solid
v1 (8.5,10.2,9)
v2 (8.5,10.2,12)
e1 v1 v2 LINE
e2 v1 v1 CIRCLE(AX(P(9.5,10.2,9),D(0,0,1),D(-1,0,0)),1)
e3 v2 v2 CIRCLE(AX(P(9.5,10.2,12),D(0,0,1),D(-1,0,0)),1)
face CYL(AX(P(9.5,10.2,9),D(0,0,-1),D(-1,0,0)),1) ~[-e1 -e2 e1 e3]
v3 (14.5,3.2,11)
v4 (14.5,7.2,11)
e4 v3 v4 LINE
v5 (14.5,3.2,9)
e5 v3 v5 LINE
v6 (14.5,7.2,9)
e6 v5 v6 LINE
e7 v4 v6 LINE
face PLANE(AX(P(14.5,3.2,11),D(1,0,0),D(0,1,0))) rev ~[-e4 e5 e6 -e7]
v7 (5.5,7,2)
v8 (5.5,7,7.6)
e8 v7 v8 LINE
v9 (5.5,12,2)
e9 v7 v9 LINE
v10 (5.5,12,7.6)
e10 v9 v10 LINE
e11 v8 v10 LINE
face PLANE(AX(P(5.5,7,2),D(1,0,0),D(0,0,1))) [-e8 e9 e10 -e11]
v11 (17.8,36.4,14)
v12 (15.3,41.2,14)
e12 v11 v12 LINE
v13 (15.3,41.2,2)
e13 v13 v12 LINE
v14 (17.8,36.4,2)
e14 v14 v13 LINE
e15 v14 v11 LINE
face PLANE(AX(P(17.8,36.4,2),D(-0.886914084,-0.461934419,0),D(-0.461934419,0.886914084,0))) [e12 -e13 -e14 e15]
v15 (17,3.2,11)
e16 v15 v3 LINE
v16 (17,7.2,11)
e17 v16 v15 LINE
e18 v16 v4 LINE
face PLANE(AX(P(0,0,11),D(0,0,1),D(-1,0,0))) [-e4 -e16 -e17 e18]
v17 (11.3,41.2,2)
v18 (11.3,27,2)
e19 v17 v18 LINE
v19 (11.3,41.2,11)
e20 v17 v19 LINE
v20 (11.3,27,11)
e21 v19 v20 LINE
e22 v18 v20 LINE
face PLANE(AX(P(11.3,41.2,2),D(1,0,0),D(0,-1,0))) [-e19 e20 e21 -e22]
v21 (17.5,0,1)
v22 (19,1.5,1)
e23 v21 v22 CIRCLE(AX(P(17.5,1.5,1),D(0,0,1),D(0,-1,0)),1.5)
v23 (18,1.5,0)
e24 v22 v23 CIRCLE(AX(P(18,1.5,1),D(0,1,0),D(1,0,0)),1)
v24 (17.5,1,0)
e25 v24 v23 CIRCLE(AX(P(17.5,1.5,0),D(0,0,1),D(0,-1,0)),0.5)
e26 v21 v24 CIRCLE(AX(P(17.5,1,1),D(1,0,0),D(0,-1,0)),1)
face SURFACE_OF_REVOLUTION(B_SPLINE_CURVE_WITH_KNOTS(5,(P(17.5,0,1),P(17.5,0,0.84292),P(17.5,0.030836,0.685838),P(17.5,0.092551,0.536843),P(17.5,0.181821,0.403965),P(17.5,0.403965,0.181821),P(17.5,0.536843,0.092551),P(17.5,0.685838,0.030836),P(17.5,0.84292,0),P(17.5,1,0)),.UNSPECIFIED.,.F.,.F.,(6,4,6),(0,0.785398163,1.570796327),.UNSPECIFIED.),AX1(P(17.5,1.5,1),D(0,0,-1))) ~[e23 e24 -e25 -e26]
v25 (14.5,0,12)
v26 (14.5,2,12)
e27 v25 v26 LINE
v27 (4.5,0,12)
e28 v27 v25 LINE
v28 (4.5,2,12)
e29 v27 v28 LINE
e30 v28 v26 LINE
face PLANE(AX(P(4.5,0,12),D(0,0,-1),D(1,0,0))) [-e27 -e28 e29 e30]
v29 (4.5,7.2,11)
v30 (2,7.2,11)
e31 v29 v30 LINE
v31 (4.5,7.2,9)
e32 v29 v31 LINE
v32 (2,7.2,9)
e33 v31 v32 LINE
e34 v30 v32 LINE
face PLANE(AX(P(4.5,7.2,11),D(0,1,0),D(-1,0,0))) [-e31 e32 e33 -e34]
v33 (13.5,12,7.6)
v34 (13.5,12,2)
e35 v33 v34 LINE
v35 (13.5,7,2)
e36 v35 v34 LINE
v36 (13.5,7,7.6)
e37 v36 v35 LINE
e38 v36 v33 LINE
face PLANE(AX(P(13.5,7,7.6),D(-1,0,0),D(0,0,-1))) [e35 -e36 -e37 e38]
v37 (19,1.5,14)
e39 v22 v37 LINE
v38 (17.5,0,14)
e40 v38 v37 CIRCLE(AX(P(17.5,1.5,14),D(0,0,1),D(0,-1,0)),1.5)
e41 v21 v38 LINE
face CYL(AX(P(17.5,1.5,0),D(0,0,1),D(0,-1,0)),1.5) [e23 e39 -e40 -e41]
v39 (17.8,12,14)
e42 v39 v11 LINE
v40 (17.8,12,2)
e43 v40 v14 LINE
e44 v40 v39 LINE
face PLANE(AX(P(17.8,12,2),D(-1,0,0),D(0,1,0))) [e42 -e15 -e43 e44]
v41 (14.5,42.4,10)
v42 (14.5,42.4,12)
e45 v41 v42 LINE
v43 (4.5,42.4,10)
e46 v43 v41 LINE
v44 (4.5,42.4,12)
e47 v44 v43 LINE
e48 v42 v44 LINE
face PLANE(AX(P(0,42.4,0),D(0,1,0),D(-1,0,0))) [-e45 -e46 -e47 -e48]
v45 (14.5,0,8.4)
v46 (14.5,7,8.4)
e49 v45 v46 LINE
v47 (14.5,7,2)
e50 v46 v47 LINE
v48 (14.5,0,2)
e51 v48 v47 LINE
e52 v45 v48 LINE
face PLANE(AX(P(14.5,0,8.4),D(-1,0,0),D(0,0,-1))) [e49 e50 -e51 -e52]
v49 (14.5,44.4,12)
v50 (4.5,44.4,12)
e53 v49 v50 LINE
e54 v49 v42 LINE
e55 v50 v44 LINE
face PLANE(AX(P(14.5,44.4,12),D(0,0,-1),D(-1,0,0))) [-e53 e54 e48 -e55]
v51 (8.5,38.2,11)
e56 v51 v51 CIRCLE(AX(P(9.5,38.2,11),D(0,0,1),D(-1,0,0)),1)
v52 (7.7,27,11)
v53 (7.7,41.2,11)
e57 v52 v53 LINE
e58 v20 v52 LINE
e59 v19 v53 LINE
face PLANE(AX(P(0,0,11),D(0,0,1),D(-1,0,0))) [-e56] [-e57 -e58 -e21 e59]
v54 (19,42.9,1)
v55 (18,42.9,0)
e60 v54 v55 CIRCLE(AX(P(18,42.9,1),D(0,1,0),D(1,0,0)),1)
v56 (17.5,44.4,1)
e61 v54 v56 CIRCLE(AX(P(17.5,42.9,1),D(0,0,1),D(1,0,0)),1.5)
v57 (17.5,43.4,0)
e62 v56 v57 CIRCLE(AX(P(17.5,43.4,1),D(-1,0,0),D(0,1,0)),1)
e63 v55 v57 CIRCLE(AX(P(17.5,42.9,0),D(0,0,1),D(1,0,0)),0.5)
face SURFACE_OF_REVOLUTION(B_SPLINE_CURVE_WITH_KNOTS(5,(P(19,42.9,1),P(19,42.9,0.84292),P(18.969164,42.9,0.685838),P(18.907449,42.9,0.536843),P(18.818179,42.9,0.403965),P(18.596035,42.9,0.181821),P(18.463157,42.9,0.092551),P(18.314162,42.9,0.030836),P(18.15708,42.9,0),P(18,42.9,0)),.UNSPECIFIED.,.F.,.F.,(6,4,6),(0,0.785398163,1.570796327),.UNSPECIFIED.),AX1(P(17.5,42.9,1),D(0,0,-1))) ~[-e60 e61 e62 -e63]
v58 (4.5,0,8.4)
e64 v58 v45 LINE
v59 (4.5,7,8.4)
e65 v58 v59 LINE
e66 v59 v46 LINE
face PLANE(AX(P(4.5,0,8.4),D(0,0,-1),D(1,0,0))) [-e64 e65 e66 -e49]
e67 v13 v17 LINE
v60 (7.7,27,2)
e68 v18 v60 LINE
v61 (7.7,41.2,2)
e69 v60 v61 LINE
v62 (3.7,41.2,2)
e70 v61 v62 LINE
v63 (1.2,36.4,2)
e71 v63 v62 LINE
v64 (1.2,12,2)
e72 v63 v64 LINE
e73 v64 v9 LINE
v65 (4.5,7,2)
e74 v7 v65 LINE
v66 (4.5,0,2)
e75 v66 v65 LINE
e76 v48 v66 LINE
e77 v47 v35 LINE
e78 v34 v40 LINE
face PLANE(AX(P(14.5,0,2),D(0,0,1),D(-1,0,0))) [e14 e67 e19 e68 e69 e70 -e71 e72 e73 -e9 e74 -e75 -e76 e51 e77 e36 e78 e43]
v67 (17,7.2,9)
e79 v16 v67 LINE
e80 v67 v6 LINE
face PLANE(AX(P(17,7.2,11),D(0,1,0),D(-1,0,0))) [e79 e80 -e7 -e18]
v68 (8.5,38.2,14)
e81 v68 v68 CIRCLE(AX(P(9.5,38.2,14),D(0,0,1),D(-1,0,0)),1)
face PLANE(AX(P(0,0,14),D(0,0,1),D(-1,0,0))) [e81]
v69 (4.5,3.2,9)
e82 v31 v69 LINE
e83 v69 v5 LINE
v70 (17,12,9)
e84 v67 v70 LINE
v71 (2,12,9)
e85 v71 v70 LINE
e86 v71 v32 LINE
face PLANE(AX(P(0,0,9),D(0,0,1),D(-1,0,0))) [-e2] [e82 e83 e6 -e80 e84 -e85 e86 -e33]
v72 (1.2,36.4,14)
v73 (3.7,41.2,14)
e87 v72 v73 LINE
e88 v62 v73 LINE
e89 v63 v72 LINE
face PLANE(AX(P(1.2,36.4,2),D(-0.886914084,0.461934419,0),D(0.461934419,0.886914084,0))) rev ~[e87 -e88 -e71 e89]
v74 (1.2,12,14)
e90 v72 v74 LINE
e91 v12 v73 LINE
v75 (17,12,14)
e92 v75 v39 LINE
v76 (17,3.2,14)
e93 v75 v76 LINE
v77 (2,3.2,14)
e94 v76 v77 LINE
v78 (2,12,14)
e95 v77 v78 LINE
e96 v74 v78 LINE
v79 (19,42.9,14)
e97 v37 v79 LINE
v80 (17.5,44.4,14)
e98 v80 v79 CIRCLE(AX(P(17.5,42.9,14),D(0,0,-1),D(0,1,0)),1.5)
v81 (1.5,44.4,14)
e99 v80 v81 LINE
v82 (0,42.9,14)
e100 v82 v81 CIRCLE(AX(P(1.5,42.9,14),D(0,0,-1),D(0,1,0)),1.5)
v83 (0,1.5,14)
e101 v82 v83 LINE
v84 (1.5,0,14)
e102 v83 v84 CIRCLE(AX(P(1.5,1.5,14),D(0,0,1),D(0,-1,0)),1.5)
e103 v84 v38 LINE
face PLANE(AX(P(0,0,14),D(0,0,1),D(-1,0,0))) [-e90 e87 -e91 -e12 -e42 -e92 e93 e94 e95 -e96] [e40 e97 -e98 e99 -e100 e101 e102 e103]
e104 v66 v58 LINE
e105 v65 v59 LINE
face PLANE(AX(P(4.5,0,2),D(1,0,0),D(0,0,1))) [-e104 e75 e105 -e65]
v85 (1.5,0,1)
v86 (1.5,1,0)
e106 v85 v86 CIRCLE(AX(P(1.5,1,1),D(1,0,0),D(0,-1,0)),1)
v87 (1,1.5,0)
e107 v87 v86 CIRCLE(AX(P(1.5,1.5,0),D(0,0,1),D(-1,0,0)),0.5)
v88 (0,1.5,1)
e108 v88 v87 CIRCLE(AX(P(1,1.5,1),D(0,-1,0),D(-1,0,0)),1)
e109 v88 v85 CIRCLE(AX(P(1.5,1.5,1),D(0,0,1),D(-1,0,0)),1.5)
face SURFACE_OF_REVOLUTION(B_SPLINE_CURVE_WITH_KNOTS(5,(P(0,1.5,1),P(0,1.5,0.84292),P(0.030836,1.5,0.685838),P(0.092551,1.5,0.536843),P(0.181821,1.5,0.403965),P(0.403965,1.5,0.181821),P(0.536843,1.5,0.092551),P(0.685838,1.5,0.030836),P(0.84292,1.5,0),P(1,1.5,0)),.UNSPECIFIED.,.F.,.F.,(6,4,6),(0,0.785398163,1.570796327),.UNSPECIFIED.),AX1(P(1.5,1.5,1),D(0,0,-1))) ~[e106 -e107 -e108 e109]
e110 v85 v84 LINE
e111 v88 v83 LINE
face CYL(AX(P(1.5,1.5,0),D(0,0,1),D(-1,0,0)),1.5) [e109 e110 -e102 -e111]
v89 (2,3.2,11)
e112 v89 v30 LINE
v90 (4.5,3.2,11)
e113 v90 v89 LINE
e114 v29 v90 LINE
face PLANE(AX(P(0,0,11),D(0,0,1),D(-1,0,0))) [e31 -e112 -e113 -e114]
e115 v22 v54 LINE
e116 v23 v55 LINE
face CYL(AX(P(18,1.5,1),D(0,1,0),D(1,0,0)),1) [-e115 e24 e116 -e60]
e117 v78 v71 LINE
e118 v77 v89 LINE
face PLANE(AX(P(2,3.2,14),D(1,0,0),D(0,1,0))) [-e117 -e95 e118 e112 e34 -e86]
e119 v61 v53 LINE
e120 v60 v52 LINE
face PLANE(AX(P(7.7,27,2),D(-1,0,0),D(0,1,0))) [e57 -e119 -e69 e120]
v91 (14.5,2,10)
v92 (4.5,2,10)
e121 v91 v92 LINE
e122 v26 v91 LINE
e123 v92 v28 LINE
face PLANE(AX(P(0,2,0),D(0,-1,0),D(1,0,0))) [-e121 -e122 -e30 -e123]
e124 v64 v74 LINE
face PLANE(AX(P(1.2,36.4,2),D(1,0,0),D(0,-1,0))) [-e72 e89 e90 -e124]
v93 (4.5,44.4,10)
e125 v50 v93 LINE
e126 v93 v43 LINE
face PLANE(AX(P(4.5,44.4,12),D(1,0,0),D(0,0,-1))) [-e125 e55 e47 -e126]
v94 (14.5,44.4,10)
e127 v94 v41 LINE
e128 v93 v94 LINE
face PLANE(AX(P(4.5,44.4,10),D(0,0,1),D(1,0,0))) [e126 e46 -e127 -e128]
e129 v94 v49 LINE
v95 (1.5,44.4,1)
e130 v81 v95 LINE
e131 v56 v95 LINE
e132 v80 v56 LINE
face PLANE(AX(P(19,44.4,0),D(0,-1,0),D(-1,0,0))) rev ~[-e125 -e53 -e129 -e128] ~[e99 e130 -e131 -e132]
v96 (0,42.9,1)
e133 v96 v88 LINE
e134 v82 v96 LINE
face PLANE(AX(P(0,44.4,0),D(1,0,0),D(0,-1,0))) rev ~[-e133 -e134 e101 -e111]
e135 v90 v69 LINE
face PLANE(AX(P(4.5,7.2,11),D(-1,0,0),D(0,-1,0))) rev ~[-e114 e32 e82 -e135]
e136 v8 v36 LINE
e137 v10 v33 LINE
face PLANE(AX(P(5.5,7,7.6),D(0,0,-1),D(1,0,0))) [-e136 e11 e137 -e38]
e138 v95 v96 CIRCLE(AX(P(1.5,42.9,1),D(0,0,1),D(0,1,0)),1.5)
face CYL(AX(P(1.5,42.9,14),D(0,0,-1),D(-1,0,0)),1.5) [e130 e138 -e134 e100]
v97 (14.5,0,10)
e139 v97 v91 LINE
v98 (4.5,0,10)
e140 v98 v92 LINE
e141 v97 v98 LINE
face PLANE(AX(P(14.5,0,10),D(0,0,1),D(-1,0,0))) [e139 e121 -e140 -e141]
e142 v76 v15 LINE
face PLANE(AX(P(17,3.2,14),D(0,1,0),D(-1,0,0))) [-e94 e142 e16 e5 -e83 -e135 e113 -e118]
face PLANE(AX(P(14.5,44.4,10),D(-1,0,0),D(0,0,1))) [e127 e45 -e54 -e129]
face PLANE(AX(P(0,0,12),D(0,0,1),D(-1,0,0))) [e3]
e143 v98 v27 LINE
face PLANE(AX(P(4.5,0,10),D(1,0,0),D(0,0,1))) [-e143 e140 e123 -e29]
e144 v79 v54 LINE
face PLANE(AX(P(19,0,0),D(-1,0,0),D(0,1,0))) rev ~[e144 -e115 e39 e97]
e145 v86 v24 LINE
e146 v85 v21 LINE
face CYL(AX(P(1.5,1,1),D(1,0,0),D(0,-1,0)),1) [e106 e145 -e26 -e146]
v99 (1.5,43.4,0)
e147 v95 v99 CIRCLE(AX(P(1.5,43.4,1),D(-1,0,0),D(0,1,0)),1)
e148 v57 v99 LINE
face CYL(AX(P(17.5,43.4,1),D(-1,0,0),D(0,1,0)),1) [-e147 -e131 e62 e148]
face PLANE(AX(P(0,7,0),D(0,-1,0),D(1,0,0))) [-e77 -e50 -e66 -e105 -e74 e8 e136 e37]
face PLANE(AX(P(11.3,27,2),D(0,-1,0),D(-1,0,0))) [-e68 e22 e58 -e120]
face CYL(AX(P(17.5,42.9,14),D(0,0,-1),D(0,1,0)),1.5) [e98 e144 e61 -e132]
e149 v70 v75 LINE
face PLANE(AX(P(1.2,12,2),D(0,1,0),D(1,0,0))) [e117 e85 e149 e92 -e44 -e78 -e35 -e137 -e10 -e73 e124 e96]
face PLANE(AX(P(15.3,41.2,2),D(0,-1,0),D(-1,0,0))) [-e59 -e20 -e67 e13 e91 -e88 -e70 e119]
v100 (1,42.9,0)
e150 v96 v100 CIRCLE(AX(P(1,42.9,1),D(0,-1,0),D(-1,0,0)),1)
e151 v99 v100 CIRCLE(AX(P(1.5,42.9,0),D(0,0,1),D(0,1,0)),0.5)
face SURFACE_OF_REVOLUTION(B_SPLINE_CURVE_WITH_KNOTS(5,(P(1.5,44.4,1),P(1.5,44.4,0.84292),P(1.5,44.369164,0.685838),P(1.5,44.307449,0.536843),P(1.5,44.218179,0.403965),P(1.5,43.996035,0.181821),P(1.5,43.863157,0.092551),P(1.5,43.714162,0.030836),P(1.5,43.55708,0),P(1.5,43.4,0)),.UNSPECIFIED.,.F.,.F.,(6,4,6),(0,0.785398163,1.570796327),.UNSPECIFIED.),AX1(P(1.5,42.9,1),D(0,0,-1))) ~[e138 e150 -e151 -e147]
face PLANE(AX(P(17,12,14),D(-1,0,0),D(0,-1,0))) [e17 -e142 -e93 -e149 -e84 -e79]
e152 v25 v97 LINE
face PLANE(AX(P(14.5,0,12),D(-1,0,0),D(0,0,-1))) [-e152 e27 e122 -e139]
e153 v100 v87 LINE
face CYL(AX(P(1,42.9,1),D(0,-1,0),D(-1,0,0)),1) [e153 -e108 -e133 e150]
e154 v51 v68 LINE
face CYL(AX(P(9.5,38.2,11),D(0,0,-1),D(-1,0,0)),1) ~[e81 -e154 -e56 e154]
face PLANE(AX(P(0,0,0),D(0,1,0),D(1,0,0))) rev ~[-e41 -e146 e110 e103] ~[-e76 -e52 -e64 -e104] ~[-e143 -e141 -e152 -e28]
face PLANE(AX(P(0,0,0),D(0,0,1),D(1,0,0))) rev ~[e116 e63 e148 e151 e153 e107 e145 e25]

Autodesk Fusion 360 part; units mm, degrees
sketch "base" plane through (0, 0, 0) normal (0, 0, 1) x (1, 0, 0)
  line L0 (0, 0) -> (19, 0)
  line L1 (19, 0) -> (19, 44.4)
  line L2 (19, 44.4) -> (0, 44.4)
  line L3 (0, 44.4) -> (0, 0)
  dimension "d1" = 19
  dimension "d2" = 44.4
extrude "Extrude1" add sketch "base" along normal blind 2
sketch "walls" plane through (0, 0, 2) normal (0, 0, 1) x (-1, 0, 0)
  line L0 (0, -44.4) -> (0, 0)
  line L1 (0, 0) -> (-19, 0)
  line L2 (-19, 0) -> (-19, -44.4)
  line L3 (-19, -44.4) -> (0, -44.4)
  line L4 (0, 0) -> (-19, 0)
  line L5 (-19, 0) -> (-19, -44.4)
  line L6 (-19, -44.4) -> (0, -44.4)
  line L7 (0, -44.4) -> (0, 0)
  line L8 (-1.2, -12) -> (-17.8, -12)
  line L9 (-17.8, -12) -> (-17.8, -36.4)
  line L10 (-15.3, -41.2) -> (-3.7, -41.2)
  line L11 (-1.2, -36.4) -> (-1.2, -12)
  line L12 (-1.2, -36.4) -> (-3.7, -41.2)
  line L13 (-17.8, -36.4) -> (-15.3, -41.2)
  dimension "d5" = 19
  dimension "d6" = 44.4
  dimension "d7" = 16.6
  dimension "d9" = 12
  dimension "d10" = 1.2
  dimension "d59" = 4.8
  dimension "d61" = 4.8
  dimension "d62" = 2.5
  dimension "d63" = 11.6
  dimension "d64" = 3.2
  dimension "d71" = 2.5
extrude "Extrude2" add sketch "walls" along normal blind 12
sketch "hole for connector" plane through (0, 0, 0) normal (0, -1, 0) x (1, 0, 0)
  line L0 (0, 0) -> (19, 0)
  line L1 (19, 0) -> (19, 14)
  line L2 (19, 14) -> (0, 14)
  line L3 (0, 14) -> (0, 0)
  line L4 (0, 14) -> (19, 14) construction
  line L5 (19, 14) -> (19, 2) construction
  line L6 (19, 2) -> (0, 2) construction
  line L7 (0, 2) -> (0, 14) construction
  line L8 (9.5, 14) -> (9.5, 0) construction
  line L9 (4.5, 8.4) -> (14.5, 8.4)
  line L10 (14.5, 8.4) -> (14.5, 2)
  line L11 (14.5, 2) -> (4.5, 2)
  line L12 (4.5, 2) -> (4.5, 8.4)
  dimension "d13" = 10
  dimension "d14" = 6.4
  dimension "d15" = 2
  dimension "d16" = 4.5
extrude "Extrude3" cut sketch "hole for connector" against normal blind 7 contours L9 L10 L11 L12
sketch "stand for rare of pcb" plane through (0, 0, 2) normal (0, 0, 1) x (-1, 0, 0)
  line L0 (-1.2, -12) -> (-17.8, -12)
  line L1 (-17.8, -12) -> (-17.8, -36.4)
  line L2 (-15.3, -41.2) -> (-3.7, -41.2)
  line L3 (-1.2, -36.4) -> (-1.2, -12)
  line L4 (-7.7, -41.2) -> (-11.3, -41.2)
  line L5 (-11.3, -41.2) -> (-11.3, -27)
  line L6 (-11.3, -27) -> (-7.7, -27)
  line L7 (-7.7, -27) -> (-7.7, -41.2)
  line L8 (-17.8, -12) -> (-1.2, -12)
  line L9 (-17.8, -36.4) -> (-15.3, -41.2)
  line L10 (-3.7, -41.2) -> (-1.2, -36.4)
  dimension "d27" = 3.6
  dimension "d28" = 15
  dimension "d29" = 6.5
extrude "Extrude5" add sketch "stand for rare of pcb" along normal blind 9 contours L2 L4 L5 L6 L7
sketch "hole for connector pins" plane through (0, 7, 0) normal (0, -1, 0) x (1, 0, 0)
  line L0 (4.5, 2) -> (14.5, 2)
  line L1 (14.5, 2) -> (14.5, 8.4)
  line L2 (14.5, 8.4) -> (4.5, 8.4)
  line L3 (4.5, 8.4) -> (4.5, 2)
  line L4 (5.5, 7.6) -> (13.5, 7.6)
  line L5 (13.5, 7.6) -> (13.5, 2)
  line L6 (13.5, 2) -> (5.5, 2)
  line L7 (5.5, 2) -> (5.5, 7.6)
  dimension "d32" = 8
  dimension "d33" = 5.6
  dimension "d34" = 5.5
  dimension "d35" = 2
extrude "Extrude6" cut sketch "hole for connector pins" against normal blind 5 contours L0 L4 L5 L6 L7
sketch "pit for pcb" plane through (0, 0, 14) normal (0, 0, 1) x (-1, 0, 0)
  line L0 (-1.2, -12) -> (-1.2, -36.4)
  line L1 (-3.7, -41.2) -> (-15.3, -41.2)
  line L2 (-17.8, -36.4) -> (-17.8, -12)
  line L3 (-17.8, -12) -> (-1.2, -12)
  line L4 (0, -44.4) -> (0, 0)
  line L5 (0, 0) -> (-19, 0)
  line L6 (-19, 0) -> (-19, -44.4)
  line L7 (-19, -44.4) -> (0, -44.4)
  line L8 (-2, -12) -> (-17, -12)
  line L9 (-17, -12) -> (-17, -3.2)
  line L10 (-17, -3.2) -> (-2, -3.2)
  line L11 (-2, -3.2) -> (-2, -12)
  line L12 (-1.2, -36.4) -> (-3.7, -41.2)
  line L13 (-15.3, -41.2) -> (-17.8, -36.4)
  dimension "d44" = 15
  dimension "d45" = 8.8
  dimension "d46" = 2
  dimension "d47" = 3.2
extrude "Extrude7" cut sketch "pit for pcb" against normal blind 3 contours L3 L8 L9 L10 L11
fillet "Fillet1" radius 1.5 4 edges at (19, 0, 7) (0, 0, 7) (0, 44.4, 7) (19, 44.4, 7)
sketch "pit for wires" plane through (0, 0, 11) normal (0, 0, 1) x (-1, 0, 0)
  line L0 (-2, -3.2) -> (-17, -3.2)
  line L1 (-17, -3.2) -> (-17, -12)
  line L2 (-2, -12) -> (-2, -3.2)
  line L3 (-4.5, -3.2) -> (-14.5, -3.2)
  line L4 (-14.5, -3.2) -> (-14.5, -7.2)
  line L5 (-4.5, -7.2) -> (-4.5, -3.2)
  line L6 (-2, -12) -> (-17, -12)
  line L7 (-17, -12) -> (-17, -7.2)
  line L8 (-2, -7.2) -> (-2, -12)
  line L9 (-17, -7.2) -> (-14.5, -7.2)
  line L10 (-4.5, -7.2) -> (-2, -7.2)
  line L11 (-17, -12) -> (-2, -12)
  dimension "d48" = 10
  dimension "d49" = 2.5
  dimension "d51" = 4
  dimension "d65" = 2.5
extrude "Extrude8" cut sketch "pit for wires" against normal blind 2 contours L0 L1 L2 L3 L4 L5 L6 L7 L8 L9 L10 L11
sketch "mount cylinder" plane through (0, 0, 11) normal (0, 0, 1) x (-1, 0, 0)
  line L0 (-7.7, -27) -> (-11.3, -27)
  line L1 (-11.3, -27) -> (-11.3, -41.2)
  line L2 (-11.3, -41.2) -> (-7.7, -41.2)
  line L3 (-7.7, -41.2) -> (-7.7, -27)
  circle A0 centre (-9.5, -38.2) radius 1
  line L4 (-17.8, -36.4) -> (-17.8, -12)
  dimension "d54" = 2
  dimension "d55" = 3
  dimension "d56" = 8.3
extrude "Extrude9" add sketch "mount cylinder" along normal blind 3 contours A0
sketch "mount cylinder 2" plane through (0, 0, 9) normal (0, 0, 1) x (-1, 0, 0)
  line L0 (-14.5, -3.2) -> (-14.5, -7.2)
  line L1 (-14.5, -7.2) -> (-17, -7.2)
  line L2 (-17, -7.2) -> (-17, -12)
  line L3 (-17, -12) -> (-2, -12)
  line L4 (-2, -12) -> (-2, -7.2)
  line L5 (-2, -7.2) -> (-4.5, -7.2)
  line L6 (-4.5, -7.2) -> (-4.5, -3.2)
  circle A0 centre (-9.5, -10.2) radius 1
  line L7 (-4.5, -3.2) -> (-14.5, -3.2)
  dimension "d66" = 2
  dimension "d68" = 7.5
  dimension "d72" = 7
extrude "Extrude10" add sketch "mount cylinder 2" along normal blind 3 contours A0
sketch "lock notch front" plane through (0, 0, 0) normal (0, -1, 0) x (1, 0, 0)
  line L0 (14.5, 8.4) -> (14.5, 2)
  line L1 (14.5, 2) -> (4.5, 2)
  line L2 (4.5, 2) -> (4.5, 8.4)
  line L3 (4.5, 8.4) -> (14.5, 8.4)
  line L4 (1.5, 14) -> (1.5, 0)
  line L5 (1.5, 0) -> (17.5, 0)
  line L6 (17.5, 0) -> (17.5, 14)
  line L7 (17.5, 14) -> (1.5, 14)
  line L8 (4.5, 12) -> (14.5, 12)
  line L9 (14.5, 12) -> (14.5, 10)
  line L10 (14.5, 10) -> (4.5, 10)
  line L11 (4.5, 10) -> (4.5, 12)
  dimension "d81" = 10
  dimension "d82" = 2
  dimension "d83" = 2
  dimension "d84" = 4.5
sketch "lock notch back" plane through (0, 44.4, 0) normal (0, 1, 0) x (-1, 0, 0)
  line L0 (-17.5, 14) -> (-17.5, 0)
  line L1 (-17.5, 0) -> (-1.5, 0)
  line L2 (-1.5, 0) -> (-1.5, 14)
  line L3 (-1.5, 14) -> (-17.5, 14)
  line L4 (-14.5, 12) -> (-4.5, 12)
  line L5 (-4.5, 12) -> (-4.5, 10)
  line L6 (-4.5, 10) -> (-14.5, 10)
  line L7 (-14.5, 10) -> (-14.5, 12)
  dimension "d85" = 10
  dimension "d86" = 2
  dimension "d87" = 2
  dimension "d88" = 4.5
extrude "Extrude12" cut sketch "lock notch back" against normal blind 2 contours L4 L5 L6 L7
extrude "Extrude13" cut sketch "lock notch front" against normal blind 2 contours L8 L9 L10 L11
fillet "Fillet2" radius 1 1 faces at (6.3333, 29.1, 0)
